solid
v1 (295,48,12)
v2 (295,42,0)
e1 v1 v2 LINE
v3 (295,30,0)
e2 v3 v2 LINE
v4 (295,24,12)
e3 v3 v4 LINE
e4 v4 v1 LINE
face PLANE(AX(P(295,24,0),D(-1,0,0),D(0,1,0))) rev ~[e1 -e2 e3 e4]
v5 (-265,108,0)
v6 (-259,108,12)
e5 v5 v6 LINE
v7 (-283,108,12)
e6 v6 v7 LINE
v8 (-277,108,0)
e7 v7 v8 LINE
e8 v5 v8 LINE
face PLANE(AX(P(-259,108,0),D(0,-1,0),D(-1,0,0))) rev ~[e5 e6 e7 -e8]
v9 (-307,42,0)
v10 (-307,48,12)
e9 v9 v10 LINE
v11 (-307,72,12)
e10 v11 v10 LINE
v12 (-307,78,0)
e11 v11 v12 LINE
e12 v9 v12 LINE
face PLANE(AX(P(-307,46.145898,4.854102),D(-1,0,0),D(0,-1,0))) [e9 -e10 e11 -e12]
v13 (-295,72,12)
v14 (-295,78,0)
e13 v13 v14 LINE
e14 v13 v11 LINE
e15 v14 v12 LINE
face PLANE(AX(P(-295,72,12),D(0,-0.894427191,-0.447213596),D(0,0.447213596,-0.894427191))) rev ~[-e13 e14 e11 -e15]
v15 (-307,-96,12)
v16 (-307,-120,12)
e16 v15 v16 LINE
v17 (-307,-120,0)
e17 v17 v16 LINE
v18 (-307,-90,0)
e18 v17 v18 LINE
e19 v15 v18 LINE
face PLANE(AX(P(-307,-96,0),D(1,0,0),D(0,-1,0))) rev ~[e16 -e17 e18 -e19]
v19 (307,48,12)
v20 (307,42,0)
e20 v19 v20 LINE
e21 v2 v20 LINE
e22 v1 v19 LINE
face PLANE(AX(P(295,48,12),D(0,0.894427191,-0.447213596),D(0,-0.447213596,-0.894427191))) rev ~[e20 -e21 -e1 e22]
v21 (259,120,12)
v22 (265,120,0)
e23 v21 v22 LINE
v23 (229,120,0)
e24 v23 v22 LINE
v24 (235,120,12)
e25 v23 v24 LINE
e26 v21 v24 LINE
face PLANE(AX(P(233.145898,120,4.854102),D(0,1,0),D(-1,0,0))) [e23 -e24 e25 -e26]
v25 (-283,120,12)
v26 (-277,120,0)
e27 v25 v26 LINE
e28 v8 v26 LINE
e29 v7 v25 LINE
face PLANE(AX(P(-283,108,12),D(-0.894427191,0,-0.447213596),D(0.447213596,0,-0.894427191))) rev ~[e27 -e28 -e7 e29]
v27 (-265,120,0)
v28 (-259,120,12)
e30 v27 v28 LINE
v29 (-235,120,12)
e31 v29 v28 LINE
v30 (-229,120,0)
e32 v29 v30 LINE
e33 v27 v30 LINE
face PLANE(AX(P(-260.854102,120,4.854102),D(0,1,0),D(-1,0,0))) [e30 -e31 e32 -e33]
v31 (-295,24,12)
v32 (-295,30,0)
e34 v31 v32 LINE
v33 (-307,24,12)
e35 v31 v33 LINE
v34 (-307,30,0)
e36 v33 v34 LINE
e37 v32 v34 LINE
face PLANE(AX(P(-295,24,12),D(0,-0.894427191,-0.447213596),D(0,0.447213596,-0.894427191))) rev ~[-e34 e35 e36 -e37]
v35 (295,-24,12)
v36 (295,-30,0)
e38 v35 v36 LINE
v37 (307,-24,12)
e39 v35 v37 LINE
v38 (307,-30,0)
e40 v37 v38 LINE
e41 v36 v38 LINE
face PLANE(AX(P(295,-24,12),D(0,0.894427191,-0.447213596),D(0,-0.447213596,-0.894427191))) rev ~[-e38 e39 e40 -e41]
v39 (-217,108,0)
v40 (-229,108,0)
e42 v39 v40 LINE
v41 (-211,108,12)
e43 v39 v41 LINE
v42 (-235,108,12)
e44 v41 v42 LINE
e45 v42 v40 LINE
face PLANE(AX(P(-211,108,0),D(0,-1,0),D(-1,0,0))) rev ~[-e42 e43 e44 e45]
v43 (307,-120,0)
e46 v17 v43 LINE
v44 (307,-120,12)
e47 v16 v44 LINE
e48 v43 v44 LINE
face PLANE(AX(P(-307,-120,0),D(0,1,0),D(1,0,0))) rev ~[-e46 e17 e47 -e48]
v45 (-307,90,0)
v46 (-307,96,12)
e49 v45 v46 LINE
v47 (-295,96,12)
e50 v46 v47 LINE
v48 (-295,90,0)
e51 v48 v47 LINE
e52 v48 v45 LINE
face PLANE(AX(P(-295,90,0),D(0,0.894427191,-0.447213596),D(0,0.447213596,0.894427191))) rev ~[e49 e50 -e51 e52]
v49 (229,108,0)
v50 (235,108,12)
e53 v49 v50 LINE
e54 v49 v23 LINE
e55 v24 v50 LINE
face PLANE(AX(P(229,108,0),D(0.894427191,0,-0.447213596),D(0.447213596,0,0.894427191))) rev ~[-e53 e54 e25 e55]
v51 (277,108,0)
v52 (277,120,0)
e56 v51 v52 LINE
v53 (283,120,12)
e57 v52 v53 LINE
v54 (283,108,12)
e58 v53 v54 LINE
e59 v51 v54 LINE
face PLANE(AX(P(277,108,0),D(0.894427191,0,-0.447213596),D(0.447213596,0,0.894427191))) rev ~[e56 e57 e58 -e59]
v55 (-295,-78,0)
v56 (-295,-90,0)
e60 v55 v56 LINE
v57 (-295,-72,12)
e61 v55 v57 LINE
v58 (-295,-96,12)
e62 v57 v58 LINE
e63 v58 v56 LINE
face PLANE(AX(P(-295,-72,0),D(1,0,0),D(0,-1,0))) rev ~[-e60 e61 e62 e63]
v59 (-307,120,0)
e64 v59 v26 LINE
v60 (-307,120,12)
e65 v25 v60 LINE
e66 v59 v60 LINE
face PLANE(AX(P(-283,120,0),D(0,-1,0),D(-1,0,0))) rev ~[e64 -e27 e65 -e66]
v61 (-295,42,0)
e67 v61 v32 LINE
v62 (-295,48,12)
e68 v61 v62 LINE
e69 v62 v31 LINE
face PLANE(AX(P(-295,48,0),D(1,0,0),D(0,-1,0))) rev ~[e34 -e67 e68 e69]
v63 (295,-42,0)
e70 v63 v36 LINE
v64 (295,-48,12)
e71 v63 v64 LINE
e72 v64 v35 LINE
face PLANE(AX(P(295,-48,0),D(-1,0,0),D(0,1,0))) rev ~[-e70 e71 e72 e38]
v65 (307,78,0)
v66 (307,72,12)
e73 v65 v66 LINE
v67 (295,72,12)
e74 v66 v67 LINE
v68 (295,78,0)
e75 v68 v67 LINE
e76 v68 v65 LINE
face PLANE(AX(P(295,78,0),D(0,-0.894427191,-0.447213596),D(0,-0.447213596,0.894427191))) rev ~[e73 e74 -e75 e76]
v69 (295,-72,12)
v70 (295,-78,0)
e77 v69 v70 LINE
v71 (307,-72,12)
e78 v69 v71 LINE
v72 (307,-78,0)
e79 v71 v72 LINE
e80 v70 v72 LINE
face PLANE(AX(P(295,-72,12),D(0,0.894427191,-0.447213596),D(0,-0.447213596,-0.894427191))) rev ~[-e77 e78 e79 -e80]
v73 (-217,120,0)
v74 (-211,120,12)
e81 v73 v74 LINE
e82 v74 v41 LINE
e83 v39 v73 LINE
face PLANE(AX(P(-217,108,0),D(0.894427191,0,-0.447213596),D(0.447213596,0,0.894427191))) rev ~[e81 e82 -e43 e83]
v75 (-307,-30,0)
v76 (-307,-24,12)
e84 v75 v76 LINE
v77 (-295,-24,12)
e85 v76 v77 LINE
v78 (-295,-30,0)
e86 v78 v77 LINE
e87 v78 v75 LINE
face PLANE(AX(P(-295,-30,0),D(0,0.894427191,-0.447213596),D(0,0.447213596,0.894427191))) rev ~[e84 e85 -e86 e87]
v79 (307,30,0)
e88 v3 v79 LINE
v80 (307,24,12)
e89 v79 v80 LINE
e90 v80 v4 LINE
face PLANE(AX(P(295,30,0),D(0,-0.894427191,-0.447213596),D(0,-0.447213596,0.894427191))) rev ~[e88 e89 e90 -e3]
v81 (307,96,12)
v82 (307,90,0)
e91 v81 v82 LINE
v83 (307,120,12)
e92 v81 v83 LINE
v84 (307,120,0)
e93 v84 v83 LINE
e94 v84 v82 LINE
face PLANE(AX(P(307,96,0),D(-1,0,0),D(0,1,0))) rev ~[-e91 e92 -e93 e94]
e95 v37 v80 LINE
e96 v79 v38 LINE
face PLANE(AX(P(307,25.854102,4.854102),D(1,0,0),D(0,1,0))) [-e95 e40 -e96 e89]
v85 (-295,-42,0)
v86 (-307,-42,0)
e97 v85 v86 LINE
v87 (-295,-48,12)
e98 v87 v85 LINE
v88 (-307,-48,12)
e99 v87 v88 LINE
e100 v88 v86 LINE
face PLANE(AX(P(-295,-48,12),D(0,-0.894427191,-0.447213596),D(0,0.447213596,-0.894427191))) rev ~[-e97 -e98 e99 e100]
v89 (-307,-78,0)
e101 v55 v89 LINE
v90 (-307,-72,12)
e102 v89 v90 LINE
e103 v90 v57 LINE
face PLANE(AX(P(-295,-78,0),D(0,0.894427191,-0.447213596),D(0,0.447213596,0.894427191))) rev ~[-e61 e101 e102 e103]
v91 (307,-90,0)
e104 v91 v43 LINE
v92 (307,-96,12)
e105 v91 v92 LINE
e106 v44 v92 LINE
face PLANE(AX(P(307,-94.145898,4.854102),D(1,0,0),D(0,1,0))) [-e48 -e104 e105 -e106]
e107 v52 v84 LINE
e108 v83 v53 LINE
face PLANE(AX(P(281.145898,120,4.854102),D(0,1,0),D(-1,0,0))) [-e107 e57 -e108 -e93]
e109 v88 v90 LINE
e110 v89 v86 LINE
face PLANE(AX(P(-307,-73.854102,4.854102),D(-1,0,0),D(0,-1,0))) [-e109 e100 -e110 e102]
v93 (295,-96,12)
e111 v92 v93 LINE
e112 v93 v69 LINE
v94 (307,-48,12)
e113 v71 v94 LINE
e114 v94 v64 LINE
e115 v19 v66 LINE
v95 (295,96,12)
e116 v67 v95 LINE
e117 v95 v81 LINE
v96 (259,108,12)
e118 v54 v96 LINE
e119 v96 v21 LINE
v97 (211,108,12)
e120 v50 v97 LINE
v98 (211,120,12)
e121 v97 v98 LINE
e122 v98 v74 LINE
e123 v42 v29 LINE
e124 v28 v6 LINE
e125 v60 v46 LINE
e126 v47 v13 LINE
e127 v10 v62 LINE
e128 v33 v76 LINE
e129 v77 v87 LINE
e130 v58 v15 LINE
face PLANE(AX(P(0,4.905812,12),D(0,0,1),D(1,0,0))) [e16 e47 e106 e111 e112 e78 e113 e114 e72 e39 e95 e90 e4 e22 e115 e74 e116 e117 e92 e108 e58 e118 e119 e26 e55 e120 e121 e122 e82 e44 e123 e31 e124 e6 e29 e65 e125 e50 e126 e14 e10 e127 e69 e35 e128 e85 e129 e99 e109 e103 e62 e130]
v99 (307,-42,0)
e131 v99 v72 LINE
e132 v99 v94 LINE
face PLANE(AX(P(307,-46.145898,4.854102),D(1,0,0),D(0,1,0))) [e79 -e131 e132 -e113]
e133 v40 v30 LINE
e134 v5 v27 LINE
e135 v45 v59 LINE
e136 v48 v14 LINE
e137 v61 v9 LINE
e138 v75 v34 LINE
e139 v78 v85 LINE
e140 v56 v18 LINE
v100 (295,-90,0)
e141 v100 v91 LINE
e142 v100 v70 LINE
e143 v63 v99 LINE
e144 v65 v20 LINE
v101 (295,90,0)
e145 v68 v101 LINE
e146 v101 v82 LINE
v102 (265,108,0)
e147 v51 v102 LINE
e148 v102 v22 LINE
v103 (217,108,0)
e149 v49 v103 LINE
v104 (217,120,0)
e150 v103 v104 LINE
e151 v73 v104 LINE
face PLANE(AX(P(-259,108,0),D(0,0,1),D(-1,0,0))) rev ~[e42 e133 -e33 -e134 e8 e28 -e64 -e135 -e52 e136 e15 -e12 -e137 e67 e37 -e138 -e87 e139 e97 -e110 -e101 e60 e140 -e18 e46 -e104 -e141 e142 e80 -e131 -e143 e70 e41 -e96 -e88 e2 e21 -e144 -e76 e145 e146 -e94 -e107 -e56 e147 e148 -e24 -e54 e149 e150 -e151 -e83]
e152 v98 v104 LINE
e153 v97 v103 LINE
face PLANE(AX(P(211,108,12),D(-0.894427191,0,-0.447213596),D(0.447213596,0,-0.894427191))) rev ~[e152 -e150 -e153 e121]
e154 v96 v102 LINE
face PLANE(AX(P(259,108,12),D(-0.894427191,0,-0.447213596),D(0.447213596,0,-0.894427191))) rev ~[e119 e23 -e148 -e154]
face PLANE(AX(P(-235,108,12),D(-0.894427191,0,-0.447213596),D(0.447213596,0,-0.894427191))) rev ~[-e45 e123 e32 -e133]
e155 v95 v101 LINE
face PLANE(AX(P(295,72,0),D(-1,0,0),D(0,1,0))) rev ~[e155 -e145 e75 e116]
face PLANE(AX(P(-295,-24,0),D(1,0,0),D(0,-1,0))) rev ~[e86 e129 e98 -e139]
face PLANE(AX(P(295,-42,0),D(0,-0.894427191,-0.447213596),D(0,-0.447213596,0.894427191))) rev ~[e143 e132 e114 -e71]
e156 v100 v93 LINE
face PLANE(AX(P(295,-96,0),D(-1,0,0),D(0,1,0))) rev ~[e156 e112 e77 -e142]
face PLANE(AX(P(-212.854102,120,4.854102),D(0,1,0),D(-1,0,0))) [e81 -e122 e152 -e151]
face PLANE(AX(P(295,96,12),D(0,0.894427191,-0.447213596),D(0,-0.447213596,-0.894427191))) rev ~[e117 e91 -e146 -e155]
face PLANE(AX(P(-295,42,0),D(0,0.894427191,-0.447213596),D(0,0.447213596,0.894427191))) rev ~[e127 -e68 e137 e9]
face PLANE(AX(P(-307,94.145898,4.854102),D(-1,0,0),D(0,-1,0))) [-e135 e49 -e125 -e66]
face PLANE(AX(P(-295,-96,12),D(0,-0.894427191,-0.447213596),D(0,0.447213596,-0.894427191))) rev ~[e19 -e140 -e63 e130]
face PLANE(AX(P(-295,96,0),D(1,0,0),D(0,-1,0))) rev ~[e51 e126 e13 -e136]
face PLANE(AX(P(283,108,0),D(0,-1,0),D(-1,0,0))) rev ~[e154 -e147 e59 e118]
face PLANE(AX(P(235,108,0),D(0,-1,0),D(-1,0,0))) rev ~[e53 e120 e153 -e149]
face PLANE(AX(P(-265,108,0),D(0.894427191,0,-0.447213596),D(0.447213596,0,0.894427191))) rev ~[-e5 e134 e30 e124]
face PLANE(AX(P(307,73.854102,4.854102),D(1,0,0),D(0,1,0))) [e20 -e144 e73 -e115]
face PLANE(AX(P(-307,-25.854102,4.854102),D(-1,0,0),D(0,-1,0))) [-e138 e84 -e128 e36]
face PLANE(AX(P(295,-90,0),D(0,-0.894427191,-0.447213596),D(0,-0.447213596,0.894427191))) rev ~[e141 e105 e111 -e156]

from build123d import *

# Parameters (mm, degrees)
F1_DEPTH  = 12
F3_DEPTH  = 12
F5_DEPTH  = 12
F7_DEPTH  = 12
F9_DEPTH  = 12
F11_DEPTH = 12
F13_DEPTH = 12
F15_DEPTH = 12
F17_DEPTH = 12
F19_DEPTH = 12
F21_DEPTH = 12
F23_DEPTH = 12
F25_DEPTH = 12


with BuildPart() as f1:
    # F0 (on Top) → F1 (new body)
    with BuildSketch(Plane.XY):
        Polygon((-283, 120), (-307, 120), (-307, 96), (-295, 96), (-295, 72), (-307, 72), (-307, 48), (-295, 48), (-295, 24), (-307, 24), (-307, -24), (-295, -24), (-295, -48), (-307, -48), (-307, -72), (-295, -72), (-295, -96), (-307, -96), (-307, -120), (307, -120), (307, -96), (295, -96), (295, -72), (307, -72), (307, -48), (295, -48), (295, -24), (307, -24), (307, 24), (295, 24), (295, 48), (307, 48), (307, 72), (295, 72), (295, 96), (307, 96), (307, 120), (283, 120), (283, 108), (259, 108), (259, 120), (235, 120), (235, 108), (211, 108), (211, 120), (-211, 120), (-211, 108), (-235, 108), (-235, 120), (-259, 120), (-259, 108), (-283, 108), align=None)
    extrude(amount=F1_DEPTH)

    # F2 (on face) → F3 (join)
    with BuildSketch(Plane(origin=(-295, 0, 0), x_dir=(0, -1, 0), z_dir=(-1, 0, 0))):
        Polygon((78, 0), (72, 12), (72, 0), align=None)
        Polygon((96, 0), (96, 12), (90, 0), align=None)
    extrude(amount=F3_DEPTH)

    # F4 (on face) → F5 (join)
    with BuildSketch(Plane(origin=(-295, 0, 0), x_dir=(0, -1, 0), z_dir=(-1, 0, 0))):
        Polygon((30, 0), (24, 12), (24, 0), align=None)
        Polygon((48, 0), (48, 12), (42, 0), align=None)
    extrude(amount=F5_DEPTH)

    # F6 (on face) → F7 (join)
    with BuildSketch(Plane(origin=(-295, 0, 0), x_dir=(0, -1, 0), z_dir=(-1, 0, 0))):
        Polygon((-42, 0), (-48, 12), (-48, 0), align=None)
        Polygon((-24, 0), (-24, 12), (-30, 0), align=None)
    extrude(amount=F7_DEPTH)

    # F8 (on face) → F9 (join)
    with BuildSketch(Plane(origin=(-295, 0, 0), x_dir=(0, -1, 0), z_dir=(-1, 0, 0))):
        Polygon((-90, 0), (-96, 12), (-96, 0), align=None)
        Polygon((-72, 0), (-72, 12), (-78, 0), align=None)
    extrude(amount=F9_DEPTH)

    # F10 (on face) → F11 (join)
    with BuildSketch(Plane.YZ.offset(295)):
        Polygon((-90, 0), (-96, 12), (-96, 0), align=None)
        Polygon((-72, 0), (-72, 12), (-78, 0), align=None)
    extrude(amount=F11_DEPTH)

    # F12 (on face) → F13 (join)
    with BuildSketch(Plane.YZ.offset(295)):
        Polygon((-42, 0), (-48, 12), (-48, 0), align=None)
        Polygon((-24, 0), (-24, 12), (-30, 0), align=None)
    extrude(amount=F13_DEPTH)

    # F14 (on face) → F15 (join)
    with BuildSketch(Plane.YZ.offset(295)):
        Polygon((30, 0), (24, 12), (24, 0), align=None)
        Polygon((48, 0), (48, 12), (42, 0), align=None)
    extrude(amount=F15_DEPTH)

    # F16 (on face) → F17 (join)
    with BuildSketch(Plane.YZ.offset(295)):
        Polygon((78, 0), (72, 12), (72, 0), align=None)
        Polygon((96, 0), (96, 12), (90, 0), align=None)
    extrude(amount=F17_DEPTH)

    # F18 (on face) → F19 (join)
    with BuildSketch(Plane(origin=(0, 108, 0), x_dir=(-1, 0, 0), z_dir=(0, 1, 0))):
        Polygon((-277, 0), (-283, 12), (-283, 0), align=None)
        Polygon((-259, 0), (-259, 12), (-265, 0), align=None)
    extrude(amount=F19_DEPTH)

    # F20 (on face) → F21 (join)
    with BuildSketch(Plane(origin=(0, 108, 0), x_dir=(-1, 0, 0), z_dir=(0, 1, 0))):
        Polygon((-229, 0), (-235, 12), (-235, 0), align=None)
        Polygon((-211, 0), (-211, 12), (-217, 0), align=None)
    extrude(amount=F21_DEPTH)

    # F22 (on face) → F23 (join)
    with BuildSketch(Plane(origin=(0, 108, 0), x_dir=(-1, 0, 0), z_dir=(0, 1, 0))):
        Polygon((217, 0), (211, 12), (211, 0), align=None)
        Polygon((235, 0), (235, 12), (229, 0), align=None)
    extrude(amount=F23_DEPTH)

    # F24 (on face) → F25 (join)
    with BuildSketch(Plane(origin=(0, 108, 0), x_dir=(-1, 0, 0), z_dir=(0, 1, 0))):
        Polygon((265, 0), (259, 12), (259, 0), align=None)
        Polygon((283, 0), (283, 12), (277, 0), align=None)
    extrude(amount=F25_DEPTH)


solid = f1.part
